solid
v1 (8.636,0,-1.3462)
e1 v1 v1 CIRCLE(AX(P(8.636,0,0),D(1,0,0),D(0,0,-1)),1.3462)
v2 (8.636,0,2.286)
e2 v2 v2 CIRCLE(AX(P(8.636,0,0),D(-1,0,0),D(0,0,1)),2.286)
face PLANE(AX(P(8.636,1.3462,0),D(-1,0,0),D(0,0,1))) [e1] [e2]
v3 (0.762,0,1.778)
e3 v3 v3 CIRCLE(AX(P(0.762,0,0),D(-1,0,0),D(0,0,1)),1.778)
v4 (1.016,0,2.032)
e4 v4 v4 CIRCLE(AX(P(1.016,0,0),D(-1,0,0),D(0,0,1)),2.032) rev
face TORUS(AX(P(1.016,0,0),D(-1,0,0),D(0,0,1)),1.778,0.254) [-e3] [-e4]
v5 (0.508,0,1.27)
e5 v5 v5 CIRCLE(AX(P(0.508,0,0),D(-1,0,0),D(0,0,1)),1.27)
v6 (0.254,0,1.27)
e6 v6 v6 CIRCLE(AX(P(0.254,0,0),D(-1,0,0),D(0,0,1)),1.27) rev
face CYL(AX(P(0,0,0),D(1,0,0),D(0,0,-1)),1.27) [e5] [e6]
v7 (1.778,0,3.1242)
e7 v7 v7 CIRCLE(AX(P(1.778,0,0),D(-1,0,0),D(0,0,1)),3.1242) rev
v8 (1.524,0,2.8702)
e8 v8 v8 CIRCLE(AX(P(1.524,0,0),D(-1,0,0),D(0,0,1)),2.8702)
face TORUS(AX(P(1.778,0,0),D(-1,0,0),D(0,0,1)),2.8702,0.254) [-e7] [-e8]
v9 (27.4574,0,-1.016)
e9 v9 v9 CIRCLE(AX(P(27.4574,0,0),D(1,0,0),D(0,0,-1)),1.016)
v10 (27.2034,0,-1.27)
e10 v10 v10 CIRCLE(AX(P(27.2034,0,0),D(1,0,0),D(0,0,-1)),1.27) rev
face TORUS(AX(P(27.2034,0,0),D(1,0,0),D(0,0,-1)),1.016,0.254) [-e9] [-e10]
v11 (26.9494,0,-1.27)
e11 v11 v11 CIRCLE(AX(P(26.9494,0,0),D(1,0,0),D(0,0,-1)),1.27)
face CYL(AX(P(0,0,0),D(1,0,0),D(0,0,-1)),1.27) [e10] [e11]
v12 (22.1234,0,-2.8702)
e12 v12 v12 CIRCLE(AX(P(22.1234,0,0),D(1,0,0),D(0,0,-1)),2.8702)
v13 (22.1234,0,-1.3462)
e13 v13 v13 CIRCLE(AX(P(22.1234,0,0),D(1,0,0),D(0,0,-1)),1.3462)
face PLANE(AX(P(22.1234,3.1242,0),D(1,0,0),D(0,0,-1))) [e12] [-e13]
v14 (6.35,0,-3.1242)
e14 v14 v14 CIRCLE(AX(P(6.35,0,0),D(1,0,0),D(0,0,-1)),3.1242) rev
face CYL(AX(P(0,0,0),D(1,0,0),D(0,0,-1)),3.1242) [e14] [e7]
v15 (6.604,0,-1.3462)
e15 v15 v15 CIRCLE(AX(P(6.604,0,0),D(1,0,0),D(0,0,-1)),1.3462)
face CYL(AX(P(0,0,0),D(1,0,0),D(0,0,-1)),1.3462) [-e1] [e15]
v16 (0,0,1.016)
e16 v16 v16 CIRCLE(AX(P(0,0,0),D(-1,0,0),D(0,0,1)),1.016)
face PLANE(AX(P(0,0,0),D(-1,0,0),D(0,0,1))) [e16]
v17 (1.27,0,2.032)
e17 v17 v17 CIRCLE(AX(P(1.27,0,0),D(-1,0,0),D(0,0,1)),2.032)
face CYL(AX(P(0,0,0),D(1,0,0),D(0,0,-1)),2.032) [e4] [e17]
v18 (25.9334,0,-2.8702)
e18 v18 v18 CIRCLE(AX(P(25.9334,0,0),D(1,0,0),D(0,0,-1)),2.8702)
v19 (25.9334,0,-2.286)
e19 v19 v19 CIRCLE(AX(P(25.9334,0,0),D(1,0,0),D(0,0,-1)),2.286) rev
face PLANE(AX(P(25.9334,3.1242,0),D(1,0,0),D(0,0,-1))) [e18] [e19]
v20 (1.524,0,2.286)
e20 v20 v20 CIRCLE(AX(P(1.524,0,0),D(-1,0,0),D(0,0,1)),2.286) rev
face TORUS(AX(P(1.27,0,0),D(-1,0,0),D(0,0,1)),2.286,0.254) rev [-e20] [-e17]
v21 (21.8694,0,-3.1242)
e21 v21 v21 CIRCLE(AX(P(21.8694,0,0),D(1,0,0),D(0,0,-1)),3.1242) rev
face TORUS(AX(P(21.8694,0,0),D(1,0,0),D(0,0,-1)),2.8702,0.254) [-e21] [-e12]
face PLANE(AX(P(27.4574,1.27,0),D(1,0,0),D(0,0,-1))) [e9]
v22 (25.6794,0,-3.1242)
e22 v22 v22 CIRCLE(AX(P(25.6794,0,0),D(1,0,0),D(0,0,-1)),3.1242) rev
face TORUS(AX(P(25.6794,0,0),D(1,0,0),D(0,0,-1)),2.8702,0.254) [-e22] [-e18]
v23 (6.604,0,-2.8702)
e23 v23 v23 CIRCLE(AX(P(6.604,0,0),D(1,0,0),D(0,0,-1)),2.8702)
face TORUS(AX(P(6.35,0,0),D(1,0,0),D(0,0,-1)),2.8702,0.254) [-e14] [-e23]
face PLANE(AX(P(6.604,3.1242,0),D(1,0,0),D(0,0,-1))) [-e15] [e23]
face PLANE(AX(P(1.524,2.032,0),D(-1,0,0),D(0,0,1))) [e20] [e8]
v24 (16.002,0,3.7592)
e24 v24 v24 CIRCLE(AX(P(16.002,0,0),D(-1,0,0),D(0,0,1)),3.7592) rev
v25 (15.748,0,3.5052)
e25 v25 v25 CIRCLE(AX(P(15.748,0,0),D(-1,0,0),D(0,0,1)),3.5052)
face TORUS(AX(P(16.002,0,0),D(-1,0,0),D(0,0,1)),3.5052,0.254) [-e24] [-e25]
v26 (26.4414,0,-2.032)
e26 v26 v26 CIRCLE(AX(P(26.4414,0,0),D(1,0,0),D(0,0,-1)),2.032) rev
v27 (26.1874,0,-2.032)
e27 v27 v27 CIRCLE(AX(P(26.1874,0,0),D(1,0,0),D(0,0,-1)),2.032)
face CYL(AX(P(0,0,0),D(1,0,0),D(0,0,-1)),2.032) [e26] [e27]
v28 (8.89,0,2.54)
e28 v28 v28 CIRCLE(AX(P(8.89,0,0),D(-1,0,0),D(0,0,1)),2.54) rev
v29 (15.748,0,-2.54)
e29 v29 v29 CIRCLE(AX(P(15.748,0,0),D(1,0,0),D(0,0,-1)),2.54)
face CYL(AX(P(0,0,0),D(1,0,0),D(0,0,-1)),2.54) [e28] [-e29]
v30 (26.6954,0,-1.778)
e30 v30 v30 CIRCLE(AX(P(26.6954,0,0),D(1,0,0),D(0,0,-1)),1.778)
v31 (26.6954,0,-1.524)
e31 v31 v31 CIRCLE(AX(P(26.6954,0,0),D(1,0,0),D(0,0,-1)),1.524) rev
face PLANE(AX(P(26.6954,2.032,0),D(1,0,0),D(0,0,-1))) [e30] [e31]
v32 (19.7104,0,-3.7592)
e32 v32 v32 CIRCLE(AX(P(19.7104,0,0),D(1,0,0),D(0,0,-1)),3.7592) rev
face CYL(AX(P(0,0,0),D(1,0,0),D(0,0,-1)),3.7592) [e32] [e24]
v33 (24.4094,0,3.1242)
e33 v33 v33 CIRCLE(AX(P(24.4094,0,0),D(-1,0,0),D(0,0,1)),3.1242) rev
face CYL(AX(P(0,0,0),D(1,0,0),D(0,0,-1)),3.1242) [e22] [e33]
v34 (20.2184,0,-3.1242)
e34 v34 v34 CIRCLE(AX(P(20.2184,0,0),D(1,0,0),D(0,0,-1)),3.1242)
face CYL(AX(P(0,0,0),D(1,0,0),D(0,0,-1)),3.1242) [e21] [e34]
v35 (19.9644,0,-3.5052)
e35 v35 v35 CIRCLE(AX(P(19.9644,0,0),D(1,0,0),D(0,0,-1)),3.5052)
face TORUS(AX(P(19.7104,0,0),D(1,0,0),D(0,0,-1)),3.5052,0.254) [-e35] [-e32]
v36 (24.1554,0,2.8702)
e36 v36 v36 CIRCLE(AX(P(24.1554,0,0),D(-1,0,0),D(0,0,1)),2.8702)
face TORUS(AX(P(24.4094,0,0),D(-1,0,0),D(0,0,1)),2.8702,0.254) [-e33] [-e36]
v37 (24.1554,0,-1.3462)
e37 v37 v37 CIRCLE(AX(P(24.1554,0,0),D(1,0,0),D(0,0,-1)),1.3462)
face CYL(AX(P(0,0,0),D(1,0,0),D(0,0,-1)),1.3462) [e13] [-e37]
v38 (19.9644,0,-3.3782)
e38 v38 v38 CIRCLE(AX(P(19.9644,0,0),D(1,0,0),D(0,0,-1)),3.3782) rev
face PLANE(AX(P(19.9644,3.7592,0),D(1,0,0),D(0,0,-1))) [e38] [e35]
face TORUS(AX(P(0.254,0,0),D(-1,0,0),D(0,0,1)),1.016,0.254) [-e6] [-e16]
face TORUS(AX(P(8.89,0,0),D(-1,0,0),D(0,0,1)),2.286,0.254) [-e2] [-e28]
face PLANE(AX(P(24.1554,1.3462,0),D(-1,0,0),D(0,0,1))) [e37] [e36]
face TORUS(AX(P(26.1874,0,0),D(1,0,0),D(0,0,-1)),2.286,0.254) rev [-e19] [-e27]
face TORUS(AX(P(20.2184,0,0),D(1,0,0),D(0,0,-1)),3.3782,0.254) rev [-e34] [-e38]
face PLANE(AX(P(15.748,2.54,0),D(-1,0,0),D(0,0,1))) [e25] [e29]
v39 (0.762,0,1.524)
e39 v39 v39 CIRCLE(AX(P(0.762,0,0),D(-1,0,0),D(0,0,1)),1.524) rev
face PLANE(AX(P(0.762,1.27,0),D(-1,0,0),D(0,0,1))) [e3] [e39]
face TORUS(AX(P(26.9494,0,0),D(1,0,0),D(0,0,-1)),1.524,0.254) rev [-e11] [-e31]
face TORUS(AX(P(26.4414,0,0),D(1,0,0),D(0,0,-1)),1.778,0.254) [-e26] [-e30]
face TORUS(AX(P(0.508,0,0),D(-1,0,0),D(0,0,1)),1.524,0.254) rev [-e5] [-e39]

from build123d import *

# Parameters (mm, degrees)
FILLET1_R = 0.254
FILLET2_R = 0.254


with BuildPart() as part:
    # Sketch1 → Revolve1 (revolve)
    with BuildSketch(Plane.XY):
        Polygon((0, 0), (27.4574, 0), (27.4574, 1.27), (26.6954, 1.27), (26.6954, 2.032), (25.9334, 2.032), (25.9334, 3.1242), (24.1554, 3.1242), (24.1554, 1.3462), (22.1234, 1.3462), (22.1234, 3.1242), (19.9644, 3.1242), (19.9644, 3.7592), (15.748, 3.7592), (15.748, 2.54), (8.636, 2.54), (8.636, 1.3462), (6.604, 1.3462), (6.604, 3.1242), (1.524, 3.1242), (1.524, 2.032), (0.762, 2.032), (0.762, 1.27), (0, 1.27), align=None)
    revolve(axis=Axis((0, 0, 0), (-1, 0, 0)))

    # Fillet1
    fillet1_edges = [part.edges().sort_by_distance(p)[0] for p in [
        (1.524, -3.1242, 0),
        (1.524, -2.032, 0),
        (0.762, -2.032, 0),
        (0.762, -1.27, 0),
        (0, -1.27, 0),
    ]]
    fillet(fillet1_edges, radius=FILLET1_R)

    # Fillet2
    fillet2_edges = [part.edges().sort_by_distance(p)[0] for p in [
        (27.4574, -1.27, 0),
        (26.6954, -1.27, 0),
        (26.6954, -2.032, 0),
        (25.9334, -2.032, 0),
        (25.9334, -3.1242, 0),
        (24.1554, -3.1242, 0),
        (22.1234, -3.1242, 0),
        (19.9644, -3.1242, 0),
        (19.9644, -3.7592, 0),
        (15.748, -3.7592, 0),
        (8.636, -2.54, 0),
        (6.604, -3.1242, 0),
    ]]
    fillet(fillet2_edges, radius=FILLET2_R)


solid = part.part
